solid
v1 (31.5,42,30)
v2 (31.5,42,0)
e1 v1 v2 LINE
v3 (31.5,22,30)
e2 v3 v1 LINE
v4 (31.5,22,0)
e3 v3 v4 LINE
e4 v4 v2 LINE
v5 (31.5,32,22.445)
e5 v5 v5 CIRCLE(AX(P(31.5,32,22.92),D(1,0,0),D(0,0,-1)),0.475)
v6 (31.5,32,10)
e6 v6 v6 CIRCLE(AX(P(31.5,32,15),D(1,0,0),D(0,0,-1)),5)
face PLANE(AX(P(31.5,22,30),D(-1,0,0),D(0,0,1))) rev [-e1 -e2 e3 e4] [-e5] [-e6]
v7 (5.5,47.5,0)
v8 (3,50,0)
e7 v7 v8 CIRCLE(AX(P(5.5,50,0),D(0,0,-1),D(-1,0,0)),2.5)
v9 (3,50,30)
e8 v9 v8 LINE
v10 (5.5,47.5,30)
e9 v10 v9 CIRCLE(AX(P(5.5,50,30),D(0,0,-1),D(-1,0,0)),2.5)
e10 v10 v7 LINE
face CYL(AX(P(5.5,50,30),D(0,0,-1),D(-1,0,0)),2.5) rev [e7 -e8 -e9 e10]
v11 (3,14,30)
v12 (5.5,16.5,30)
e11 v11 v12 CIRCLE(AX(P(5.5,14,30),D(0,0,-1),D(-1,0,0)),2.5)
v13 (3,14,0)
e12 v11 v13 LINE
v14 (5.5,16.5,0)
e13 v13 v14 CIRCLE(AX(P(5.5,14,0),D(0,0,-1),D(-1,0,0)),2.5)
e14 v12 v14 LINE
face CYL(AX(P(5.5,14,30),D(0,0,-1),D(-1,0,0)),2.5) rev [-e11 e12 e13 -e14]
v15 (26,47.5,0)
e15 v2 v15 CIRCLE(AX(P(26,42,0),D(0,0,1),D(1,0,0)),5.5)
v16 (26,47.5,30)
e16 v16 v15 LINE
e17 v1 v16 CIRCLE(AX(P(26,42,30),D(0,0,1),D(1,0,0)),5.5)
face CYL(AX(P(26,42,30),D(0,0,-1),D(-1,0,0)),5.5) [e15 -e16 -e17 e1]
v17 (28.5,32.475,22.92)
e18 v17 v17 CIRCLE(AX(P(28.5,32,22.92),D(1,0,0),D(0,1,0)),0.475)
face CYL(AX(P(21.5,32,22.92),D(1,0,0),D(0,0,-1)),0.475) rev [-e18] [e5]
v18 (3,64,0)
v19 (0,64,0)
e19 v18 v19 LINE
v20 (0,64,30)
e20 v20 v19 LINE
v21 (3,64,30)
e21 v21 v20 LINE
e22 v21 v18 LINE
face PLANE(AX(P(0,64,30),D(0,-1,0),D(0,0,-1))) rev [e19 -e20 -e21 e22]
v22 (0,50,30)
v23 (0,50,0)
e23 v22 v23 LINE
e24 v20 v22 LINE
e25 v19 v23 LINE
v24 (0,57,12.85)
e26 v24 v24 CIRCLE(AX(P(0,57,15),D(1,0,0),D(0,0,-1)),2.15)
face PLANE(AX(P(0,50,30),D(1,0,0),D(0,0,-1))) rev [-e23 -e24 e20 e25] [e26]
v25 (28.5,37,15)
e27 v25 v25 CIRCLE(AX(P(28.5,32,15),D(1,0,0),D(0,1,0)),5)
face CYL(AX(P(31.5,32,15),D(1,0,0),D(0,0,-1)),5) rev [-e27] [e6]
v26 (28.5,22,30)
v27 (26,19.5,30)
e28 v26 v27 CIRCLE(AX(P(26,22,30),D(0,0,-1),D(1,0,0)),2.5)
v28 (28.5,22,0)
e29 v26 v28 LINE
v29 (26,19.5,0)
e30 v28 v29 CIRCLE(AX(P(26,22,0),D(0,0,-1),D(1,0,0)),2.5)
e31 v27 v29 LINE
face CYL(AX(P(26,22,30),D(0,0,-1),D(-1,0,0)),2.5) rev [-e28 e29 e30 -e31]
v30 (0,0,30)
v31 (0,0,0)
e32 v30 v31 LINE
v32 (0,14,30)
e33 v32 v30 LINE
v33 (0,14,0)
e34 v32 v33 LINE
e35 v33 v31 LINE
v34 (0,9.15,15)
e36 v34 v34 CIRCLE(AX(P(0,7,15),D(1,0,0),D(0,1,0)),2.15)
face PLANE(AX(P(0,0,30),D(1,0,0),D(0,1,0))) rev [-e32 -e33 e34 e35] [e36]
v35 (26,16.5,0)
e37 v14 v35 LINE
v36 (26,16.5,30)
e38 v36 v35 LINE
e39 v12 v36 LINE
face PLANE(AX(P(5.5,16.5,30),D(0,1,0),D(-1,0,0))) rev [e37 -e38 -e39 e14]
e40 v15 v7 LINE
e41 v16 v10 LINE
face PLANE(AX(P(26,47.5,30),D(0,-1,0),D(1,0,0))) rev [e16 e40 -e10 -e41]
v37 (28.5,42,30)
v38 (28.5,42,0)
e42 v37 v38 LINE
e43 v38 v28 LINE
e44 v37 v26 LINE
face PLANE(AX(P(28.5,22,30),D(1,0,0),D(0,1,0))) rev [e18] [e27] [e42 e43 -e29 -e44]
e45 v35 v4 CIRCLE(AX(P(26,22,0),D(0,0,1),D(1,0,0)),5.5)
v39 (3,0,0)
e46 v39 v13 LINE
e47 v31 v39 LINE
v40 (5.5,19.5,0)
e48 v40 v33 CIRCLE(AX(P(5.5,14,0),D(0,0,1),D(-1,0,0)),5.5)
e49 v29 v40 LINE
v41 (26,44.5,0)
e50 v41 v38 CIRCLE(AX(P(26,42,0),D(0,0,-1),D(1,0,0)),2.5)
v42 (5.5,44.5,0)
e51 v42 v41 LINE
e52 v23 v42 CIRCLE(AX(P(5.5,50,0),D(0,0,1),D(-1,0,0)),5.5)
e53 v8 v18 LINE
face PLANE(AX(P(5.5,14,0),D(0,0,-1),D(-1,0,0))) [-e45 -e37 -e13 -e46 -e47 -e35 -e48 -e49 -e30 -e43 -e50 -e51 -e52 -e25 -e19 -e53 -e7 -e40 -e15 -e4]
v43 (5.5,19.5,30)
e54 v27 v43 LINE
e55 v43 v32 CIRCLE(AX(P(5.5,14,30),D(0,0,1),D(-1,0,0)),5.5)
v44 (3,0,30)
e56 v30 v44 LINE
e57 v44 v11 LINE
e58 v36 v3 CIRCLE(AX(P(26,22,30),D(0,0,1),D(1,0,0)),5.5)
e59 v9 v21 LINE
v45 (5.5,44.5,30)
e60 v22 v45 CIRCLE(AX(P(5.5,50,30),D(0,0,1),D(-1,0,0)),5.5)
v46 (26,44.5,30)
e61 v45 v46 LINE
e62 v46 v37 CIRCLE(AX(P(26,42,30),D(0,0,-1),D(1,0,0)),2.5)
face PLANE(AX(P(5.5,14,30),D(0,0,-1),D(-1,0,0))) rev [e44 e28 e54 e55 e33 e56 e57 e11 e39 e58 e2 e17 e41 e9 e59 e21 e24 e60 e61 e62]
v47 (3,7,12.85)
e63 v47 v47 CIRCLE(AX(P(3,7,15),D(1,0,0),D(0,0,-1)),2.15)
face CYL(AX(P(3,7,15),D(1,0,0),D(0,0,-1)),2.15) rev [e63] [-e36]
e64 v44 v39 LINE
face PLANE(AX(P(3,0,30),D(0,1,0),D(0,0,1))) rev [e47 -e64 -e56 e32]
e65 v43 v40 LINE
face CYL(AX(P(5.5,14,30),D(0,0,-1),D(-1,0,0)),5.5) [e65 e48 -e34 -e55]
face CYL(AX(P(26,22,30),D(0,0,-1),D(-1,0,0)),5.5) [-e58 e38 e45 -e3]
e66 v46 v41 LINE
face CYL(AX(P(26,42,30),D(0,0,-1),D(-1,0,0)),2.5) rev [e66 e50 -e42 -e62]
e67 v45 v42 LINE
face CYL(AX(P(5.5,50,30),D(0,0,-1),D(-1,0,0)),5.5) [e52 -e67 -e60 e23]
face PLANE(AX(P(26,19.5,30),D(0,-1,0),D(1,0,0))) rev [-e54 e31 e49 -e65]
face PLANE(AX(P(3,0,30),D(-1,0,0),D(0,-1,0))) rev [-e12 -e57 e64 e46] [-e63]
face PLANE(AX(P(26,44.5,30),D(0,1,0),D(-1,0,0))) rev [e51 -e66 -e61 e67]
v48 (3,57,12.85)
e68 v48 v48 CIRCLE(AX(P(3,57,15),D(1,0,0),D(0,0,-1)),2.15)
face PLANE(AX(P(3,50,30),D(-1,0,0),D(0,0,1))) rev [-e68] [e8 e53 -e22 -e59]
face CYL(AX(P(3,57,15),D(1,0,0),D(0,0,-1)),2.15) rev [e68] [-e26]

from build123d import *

# Parameters (mm, degrees)
BOSS_EXTRUDE1_DEPTH       = 30
M4_CLEARANCE_HOLE1_D      = 4.3
M4_CLEARANCE_HOLE1_DEPTH  = 7
M10_CLEARANCE_HOLE1_D     = 10
M10_CLEARANCE_HOLE1_DEPTH = 7
SKETCH6_R                 = 0.475
CUT_EXTRUDE1_DEPTH        = 10


with BuildPart() as part:
    # Sketch1 → Boss-Extrude1 (new body)
    with BuildSketch(Plane.XY):
        with BuildLine():
            Line((0, 0), (0, 14))
            ThreePointArc((0, 14), (1.610912703, 17.889087297), (5.5, 19.5))
            Line((5.5, 19.5), (26, 19.5))
            ThreePointArc((26, 19.5), (27.767766953, 20.232233047), (28.5, 22))
            Line((28.5, 22), (28.5, 42))
            ThreePointArc((28.5, 42), (27.767766953, 43.767766953), (26, 44.5))
            Line((26, 44.5), (5.5, 44.5))
            ThreePointArc((5.5, 44.5), (1.610912703, 46.110912703), (0, 50))
            Line((0, 50), (0, 64))
            Line((0, 64), (3, 64))
            Line((3, 64), (3, 50))
            ThreePointArc((3, 50), (3.732233047, 48.232233047), (5.5, 47.5))
            Line((5.5, 47.5), (26, 47.5))
            ThreePointArc((26, 47.5), (29.889087297, 45.889087297), (31.5, 42))
            Line((31.5, 42), (31.5, 22))
            ThreePointArc((31.5, 22), (29.889087297, 18.110912703), (26, 16.5))
            Line((26, 16.5), (5.5, 16.5))
            ThreePointArc((5.5, 16.5), (3.732233047, 15.767766953), (3, 14))
            Line((3, 14), (3, 0))
            Line((3, 0), (0, 0))
        make_face()
    extrude(amount=BOSS_EXTRUDE1_DEPTH)

    # M4 Clearance Hole1
    with Locations(Plane(origin=(3, 0, 0), x_dir=(0, 0, -1), z_dir=(1, 0, 0))):
        with Locations((-15, 57), (-15, 7)):
            Hole(M4_CLEARANCE_HOLE1_D / 2, depth=M4_CLEARANCE_HOLE1_DEPTH)

    # M10 Clearance Hole1
    with Locations(Plane(origin=(31.5, 0, 0), x_dir=(0, 0, -1), z_dir=(1, 0, 0))):
        with Locations((-15, 32)):
            Hole(M10_CLEARANCE_HOLE1_D / 2, depth=M10_CLEARANCE_HOLE1_DEPTH)

    # Sketch6 → Cut-Extrude1 (cut)
    with BuildSketch(Plane(origin=(31.5, 0, 0), x_dir=(0, 0, -1), z_dir=(1, 0, 0))):
        with Locations((-22.92, 32)):
            Circle(SKETCH6_R)
    extrude(amount=-CUT_EXTRUDE1_DEPTH, mode=Mode.SUBTRACT)


solid = part.part
